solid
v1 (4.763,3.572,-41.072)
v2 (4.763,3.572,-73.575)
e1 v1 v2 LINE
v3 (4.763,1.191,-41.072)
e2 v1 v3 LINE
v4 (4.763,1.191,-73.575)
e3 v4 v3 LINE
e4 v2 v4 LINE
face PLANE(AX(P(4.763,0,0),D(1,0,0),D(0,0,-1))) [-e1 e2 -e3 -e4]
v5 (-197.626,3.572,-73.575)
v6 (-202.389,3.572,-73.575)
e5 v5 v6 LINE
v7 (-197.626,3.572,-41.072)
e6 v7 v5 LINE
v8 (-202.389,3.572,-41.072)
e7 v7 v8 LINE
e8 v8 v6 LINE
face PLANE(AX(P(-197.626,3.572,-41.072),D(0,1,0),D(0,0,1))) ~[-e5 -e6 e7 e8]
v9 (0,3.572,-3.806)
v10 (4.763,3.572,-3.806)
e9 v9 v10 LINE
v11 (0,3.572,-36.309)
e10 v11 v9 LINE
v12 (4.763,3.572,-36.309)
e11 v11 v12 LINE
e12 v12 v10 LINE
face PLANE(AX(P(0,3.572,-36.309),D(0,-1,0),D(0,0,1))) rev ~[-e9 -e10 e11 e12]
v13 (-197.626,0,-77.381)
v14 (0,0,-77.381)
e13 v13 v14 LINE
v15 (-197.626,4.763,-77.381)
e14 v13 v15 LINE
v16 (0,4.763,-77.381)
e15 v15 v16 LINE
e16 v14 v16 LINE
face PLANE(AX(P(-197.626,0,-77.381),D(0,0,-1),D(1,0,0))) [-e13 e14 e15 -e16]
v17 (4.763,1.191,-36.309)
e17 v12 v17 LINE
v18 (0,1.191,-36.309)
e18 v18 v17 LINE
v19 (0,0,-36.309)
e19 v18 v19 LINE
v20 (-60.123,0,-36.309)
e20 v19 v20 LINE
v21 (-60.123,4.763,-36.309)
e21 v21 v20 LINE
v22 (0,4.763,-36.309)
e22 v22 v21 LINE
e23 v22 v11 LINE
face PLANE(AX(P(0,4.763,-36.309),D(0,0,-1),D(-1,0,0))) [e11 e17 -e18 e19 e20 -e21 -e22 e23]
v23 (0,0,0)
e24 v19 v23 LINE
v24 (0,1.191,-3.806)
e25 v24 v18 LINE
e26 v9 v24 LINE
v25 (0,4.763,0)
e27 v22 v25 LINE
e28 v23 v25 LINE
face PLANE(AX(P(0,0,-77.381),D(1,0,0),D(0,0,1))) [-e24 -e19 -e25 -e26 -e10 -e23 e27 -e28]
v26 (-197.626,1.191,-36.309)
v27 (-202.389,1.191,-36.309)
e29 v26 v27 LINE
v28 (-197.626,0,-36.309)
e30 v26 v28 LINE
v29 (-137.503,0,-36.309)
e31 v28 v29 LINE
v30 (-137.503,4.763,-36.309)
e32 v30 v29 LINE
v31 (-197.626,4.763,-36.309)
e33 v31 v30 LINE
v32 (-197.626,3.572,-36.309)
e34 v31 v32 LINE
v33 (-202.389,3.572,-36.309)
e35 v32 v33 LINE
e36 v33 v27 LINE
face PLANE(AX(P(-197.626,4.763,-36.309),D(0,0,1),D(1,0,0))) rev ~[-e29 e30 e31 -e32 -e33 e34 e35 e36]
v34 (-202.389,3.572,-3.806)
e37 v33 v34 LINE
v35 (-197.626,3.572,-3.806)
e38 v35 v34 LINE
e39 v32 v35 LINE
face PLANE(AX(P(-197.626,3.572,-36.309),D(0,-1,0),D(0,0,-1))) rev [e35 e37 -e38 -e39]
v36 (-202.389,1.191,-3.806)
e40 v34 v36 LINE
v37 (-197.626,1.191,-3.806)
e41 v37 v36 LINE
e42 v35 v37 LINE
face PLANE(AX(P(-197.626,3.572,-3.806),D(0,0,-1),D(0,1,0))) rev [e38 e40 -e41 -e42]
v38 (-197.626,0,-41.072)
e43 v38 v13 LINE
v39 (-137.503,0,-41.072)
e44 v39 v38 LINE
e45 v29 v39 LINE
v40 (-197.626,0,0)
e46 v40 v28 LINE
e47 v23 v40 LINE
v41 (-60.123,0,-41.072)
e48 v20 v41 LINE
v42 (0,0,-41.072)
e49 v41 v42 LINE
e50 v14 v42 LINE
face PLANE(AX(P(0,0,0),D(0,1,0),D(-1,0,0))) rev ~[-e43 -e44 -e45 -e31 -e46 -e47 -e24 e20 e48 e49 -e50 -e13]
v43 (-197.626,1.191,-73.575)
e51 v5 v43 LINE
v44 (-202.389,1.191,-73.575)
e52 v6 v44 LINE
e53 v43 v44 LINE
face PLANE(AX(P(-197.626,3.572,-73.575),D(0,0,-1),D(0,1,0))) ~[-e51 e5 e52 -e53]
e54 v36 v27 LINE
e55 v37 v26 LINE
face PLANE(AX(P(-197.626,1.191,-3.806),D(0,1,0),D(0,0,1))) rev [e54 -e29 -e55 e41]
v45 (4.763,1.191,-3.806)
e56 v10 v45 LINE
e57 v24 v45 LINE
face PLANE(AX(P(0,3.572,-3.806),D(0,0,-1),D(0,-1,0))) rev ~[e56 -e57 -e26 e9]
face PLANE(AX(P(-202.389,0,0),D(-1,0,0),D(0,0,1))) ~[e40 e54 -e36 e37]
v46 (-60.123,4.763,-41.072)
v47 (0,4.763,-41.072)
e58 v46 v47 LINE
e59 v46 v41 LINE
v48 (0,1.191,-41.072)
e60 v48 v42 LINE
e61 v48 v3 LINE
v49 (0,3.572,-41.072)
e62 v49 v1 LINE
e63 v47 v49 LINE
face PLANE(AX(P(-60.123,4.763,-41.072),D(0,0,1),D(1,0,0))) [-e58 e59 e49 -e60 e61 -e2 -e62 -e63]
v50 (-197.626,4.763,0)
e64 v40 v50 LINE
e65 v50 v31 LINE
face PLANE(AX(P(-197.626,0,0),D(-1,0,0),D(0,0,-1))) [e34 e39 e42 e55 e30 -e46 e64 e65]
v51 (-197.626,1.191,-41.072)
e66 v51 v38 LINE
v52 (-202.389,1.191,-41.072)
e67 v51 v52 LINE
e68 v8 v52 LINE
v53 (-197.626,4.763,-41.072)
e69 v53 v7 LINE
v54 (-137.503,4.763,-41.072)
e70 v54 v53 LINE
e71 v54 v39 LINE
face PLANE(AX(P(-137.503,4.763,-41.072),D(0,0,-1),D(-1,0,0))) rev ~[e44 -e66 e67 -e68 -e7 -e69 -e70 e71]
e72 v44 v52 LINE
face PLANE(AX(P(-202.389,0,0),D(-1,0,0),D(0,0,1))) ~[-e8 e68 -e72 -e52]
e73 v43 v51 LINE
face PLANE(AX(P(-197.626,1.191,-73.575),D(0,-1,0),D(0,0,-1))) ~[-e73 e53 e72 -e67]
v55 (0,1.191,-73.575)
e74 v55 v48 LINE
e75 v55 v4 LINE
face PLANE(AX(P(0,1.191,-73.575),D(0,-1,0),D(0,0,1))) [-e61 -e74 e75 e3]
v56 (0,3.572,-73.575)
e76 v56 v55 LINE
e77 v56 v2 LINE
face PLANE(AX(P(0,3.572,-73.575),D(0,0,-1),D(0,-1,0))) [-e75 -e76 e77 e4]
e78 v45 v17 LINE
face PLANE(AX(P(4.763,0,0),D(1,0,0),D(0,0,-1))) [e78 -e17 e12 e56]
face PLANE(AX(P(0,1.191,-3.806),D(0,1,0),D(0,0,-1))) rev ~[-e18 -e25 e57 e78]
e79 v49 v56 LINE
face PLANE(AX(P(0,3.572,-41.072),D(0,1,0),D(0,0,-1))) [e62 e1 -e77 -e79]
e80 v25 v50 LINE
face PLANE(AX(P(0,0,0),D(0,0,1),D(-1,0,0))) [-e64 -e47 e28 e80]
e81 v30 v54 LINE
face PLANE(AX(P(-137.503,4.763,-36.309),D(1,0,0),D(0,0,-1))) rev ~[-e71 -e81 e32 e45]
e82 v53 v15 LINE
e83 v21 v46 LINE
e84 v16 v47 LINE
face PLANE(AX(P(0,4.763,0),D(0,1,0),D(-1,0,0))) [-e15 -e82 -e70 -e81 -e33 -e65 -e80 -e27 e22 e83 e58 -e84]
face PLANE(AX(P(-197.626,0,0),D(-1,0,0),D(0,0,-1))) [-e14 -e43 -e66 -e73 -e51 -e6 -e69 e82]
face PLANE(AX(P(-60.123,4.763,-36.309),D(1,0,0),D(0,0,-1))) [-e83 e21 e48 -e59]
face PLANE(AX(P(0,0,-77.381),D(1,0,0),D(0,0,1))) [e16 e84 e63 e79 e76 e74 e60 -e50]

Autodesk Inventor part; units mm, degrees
ref_plane "YZ Plane" through (0, 0, 0) normal (1, 0, 0) x (0, 1, 0)
ref_plane "XZ Plane" through (0, 0, 0) normal (0, 1, 0) x (-1, 0, 0)
sketch "Sketch1" plane through (0, 0, 0) normal (0, 1, 0) x (-1, 0, 0)
  line L0 (0, 0) -> (197.626, 0)
  line L1 (197.626, 0) -> (197.626, -77.381)
  line L2 (197.626, -77.381) -> (0, -77.381)
  line L3 (0, -77.381) -> (0, 0)
  dimension "d0" = 197.626
  dimension "d1" = 77.381
extrude "Extrusion1" add sketch "Sketch1" along normal blind 4.763
sketch "Sketch2" plane through (0, 4.763, 0) normal (0, 1, 0) x (1, 0, 0)
  line L0 (0, 41.072) -> (0, 36.309)
  line L1 (0, 36.309) -> (-60.123, 36.309)
  line L2 (-60.123, 36.309) -> (-60.123, 41.072)
  line L3 (-60.123, 41.072) -> (0, 41.072)
  line L4 (-197.626, 41.072) -> (-197.626, 36.309)
  line L5 (-197.626, 36.309) -> (-137.503, 36.309)
  line L6 (-137.503, 36.309) -> (-137.503, 41.072)
  line L7 (-137.503, 41.072) -> (-197.626, 41.072)
  dimension "d6" = 4.763
  dimension "d7" = 60.123
extrude "Extrusion2" cut sketch "Sketch2" against normal blind 22
sketch "Sketch3" plane through (0, 0, 0) normal (1, 0, 0) x (0, 0, -1)
  line L0 (36.309, 3.572) -> (3.806, 3.572)
  line L1 (3.806, 3.572) -> (3.806, 1.191)
  line L2 (3.806, 1.191) -> (36.309, 1.191)
  line L3 (36.309, 3.572) -> (36.309, 1.191)
  line L4 (41.072, 3.572) -> (73.575, 3.572)
  line L5 (73.575, 3.572) -> (73.575, 1.191)
  line L6 (73.575, 1.191) -> (41.072, 1.191)
  line L7 (41.072, 3.572) -> (41.072, 1.191)
  dimension "d12" = 32.503
extrude "Extrusion3" add sketch "Sketch3" along normal blind 4.763
ref_plane "Work Plane1" through (-98.813, 0, 0) normal (1, 0, 0) x (0, 0, -1)
mirror "Mirror1" about plane through (-98.813, 0, 0) normal (1, 0, 0) of "Extrusion3"
properties part number "Sustainable Chair_V4 - Lateral Support" material "Foam Board - V3"
